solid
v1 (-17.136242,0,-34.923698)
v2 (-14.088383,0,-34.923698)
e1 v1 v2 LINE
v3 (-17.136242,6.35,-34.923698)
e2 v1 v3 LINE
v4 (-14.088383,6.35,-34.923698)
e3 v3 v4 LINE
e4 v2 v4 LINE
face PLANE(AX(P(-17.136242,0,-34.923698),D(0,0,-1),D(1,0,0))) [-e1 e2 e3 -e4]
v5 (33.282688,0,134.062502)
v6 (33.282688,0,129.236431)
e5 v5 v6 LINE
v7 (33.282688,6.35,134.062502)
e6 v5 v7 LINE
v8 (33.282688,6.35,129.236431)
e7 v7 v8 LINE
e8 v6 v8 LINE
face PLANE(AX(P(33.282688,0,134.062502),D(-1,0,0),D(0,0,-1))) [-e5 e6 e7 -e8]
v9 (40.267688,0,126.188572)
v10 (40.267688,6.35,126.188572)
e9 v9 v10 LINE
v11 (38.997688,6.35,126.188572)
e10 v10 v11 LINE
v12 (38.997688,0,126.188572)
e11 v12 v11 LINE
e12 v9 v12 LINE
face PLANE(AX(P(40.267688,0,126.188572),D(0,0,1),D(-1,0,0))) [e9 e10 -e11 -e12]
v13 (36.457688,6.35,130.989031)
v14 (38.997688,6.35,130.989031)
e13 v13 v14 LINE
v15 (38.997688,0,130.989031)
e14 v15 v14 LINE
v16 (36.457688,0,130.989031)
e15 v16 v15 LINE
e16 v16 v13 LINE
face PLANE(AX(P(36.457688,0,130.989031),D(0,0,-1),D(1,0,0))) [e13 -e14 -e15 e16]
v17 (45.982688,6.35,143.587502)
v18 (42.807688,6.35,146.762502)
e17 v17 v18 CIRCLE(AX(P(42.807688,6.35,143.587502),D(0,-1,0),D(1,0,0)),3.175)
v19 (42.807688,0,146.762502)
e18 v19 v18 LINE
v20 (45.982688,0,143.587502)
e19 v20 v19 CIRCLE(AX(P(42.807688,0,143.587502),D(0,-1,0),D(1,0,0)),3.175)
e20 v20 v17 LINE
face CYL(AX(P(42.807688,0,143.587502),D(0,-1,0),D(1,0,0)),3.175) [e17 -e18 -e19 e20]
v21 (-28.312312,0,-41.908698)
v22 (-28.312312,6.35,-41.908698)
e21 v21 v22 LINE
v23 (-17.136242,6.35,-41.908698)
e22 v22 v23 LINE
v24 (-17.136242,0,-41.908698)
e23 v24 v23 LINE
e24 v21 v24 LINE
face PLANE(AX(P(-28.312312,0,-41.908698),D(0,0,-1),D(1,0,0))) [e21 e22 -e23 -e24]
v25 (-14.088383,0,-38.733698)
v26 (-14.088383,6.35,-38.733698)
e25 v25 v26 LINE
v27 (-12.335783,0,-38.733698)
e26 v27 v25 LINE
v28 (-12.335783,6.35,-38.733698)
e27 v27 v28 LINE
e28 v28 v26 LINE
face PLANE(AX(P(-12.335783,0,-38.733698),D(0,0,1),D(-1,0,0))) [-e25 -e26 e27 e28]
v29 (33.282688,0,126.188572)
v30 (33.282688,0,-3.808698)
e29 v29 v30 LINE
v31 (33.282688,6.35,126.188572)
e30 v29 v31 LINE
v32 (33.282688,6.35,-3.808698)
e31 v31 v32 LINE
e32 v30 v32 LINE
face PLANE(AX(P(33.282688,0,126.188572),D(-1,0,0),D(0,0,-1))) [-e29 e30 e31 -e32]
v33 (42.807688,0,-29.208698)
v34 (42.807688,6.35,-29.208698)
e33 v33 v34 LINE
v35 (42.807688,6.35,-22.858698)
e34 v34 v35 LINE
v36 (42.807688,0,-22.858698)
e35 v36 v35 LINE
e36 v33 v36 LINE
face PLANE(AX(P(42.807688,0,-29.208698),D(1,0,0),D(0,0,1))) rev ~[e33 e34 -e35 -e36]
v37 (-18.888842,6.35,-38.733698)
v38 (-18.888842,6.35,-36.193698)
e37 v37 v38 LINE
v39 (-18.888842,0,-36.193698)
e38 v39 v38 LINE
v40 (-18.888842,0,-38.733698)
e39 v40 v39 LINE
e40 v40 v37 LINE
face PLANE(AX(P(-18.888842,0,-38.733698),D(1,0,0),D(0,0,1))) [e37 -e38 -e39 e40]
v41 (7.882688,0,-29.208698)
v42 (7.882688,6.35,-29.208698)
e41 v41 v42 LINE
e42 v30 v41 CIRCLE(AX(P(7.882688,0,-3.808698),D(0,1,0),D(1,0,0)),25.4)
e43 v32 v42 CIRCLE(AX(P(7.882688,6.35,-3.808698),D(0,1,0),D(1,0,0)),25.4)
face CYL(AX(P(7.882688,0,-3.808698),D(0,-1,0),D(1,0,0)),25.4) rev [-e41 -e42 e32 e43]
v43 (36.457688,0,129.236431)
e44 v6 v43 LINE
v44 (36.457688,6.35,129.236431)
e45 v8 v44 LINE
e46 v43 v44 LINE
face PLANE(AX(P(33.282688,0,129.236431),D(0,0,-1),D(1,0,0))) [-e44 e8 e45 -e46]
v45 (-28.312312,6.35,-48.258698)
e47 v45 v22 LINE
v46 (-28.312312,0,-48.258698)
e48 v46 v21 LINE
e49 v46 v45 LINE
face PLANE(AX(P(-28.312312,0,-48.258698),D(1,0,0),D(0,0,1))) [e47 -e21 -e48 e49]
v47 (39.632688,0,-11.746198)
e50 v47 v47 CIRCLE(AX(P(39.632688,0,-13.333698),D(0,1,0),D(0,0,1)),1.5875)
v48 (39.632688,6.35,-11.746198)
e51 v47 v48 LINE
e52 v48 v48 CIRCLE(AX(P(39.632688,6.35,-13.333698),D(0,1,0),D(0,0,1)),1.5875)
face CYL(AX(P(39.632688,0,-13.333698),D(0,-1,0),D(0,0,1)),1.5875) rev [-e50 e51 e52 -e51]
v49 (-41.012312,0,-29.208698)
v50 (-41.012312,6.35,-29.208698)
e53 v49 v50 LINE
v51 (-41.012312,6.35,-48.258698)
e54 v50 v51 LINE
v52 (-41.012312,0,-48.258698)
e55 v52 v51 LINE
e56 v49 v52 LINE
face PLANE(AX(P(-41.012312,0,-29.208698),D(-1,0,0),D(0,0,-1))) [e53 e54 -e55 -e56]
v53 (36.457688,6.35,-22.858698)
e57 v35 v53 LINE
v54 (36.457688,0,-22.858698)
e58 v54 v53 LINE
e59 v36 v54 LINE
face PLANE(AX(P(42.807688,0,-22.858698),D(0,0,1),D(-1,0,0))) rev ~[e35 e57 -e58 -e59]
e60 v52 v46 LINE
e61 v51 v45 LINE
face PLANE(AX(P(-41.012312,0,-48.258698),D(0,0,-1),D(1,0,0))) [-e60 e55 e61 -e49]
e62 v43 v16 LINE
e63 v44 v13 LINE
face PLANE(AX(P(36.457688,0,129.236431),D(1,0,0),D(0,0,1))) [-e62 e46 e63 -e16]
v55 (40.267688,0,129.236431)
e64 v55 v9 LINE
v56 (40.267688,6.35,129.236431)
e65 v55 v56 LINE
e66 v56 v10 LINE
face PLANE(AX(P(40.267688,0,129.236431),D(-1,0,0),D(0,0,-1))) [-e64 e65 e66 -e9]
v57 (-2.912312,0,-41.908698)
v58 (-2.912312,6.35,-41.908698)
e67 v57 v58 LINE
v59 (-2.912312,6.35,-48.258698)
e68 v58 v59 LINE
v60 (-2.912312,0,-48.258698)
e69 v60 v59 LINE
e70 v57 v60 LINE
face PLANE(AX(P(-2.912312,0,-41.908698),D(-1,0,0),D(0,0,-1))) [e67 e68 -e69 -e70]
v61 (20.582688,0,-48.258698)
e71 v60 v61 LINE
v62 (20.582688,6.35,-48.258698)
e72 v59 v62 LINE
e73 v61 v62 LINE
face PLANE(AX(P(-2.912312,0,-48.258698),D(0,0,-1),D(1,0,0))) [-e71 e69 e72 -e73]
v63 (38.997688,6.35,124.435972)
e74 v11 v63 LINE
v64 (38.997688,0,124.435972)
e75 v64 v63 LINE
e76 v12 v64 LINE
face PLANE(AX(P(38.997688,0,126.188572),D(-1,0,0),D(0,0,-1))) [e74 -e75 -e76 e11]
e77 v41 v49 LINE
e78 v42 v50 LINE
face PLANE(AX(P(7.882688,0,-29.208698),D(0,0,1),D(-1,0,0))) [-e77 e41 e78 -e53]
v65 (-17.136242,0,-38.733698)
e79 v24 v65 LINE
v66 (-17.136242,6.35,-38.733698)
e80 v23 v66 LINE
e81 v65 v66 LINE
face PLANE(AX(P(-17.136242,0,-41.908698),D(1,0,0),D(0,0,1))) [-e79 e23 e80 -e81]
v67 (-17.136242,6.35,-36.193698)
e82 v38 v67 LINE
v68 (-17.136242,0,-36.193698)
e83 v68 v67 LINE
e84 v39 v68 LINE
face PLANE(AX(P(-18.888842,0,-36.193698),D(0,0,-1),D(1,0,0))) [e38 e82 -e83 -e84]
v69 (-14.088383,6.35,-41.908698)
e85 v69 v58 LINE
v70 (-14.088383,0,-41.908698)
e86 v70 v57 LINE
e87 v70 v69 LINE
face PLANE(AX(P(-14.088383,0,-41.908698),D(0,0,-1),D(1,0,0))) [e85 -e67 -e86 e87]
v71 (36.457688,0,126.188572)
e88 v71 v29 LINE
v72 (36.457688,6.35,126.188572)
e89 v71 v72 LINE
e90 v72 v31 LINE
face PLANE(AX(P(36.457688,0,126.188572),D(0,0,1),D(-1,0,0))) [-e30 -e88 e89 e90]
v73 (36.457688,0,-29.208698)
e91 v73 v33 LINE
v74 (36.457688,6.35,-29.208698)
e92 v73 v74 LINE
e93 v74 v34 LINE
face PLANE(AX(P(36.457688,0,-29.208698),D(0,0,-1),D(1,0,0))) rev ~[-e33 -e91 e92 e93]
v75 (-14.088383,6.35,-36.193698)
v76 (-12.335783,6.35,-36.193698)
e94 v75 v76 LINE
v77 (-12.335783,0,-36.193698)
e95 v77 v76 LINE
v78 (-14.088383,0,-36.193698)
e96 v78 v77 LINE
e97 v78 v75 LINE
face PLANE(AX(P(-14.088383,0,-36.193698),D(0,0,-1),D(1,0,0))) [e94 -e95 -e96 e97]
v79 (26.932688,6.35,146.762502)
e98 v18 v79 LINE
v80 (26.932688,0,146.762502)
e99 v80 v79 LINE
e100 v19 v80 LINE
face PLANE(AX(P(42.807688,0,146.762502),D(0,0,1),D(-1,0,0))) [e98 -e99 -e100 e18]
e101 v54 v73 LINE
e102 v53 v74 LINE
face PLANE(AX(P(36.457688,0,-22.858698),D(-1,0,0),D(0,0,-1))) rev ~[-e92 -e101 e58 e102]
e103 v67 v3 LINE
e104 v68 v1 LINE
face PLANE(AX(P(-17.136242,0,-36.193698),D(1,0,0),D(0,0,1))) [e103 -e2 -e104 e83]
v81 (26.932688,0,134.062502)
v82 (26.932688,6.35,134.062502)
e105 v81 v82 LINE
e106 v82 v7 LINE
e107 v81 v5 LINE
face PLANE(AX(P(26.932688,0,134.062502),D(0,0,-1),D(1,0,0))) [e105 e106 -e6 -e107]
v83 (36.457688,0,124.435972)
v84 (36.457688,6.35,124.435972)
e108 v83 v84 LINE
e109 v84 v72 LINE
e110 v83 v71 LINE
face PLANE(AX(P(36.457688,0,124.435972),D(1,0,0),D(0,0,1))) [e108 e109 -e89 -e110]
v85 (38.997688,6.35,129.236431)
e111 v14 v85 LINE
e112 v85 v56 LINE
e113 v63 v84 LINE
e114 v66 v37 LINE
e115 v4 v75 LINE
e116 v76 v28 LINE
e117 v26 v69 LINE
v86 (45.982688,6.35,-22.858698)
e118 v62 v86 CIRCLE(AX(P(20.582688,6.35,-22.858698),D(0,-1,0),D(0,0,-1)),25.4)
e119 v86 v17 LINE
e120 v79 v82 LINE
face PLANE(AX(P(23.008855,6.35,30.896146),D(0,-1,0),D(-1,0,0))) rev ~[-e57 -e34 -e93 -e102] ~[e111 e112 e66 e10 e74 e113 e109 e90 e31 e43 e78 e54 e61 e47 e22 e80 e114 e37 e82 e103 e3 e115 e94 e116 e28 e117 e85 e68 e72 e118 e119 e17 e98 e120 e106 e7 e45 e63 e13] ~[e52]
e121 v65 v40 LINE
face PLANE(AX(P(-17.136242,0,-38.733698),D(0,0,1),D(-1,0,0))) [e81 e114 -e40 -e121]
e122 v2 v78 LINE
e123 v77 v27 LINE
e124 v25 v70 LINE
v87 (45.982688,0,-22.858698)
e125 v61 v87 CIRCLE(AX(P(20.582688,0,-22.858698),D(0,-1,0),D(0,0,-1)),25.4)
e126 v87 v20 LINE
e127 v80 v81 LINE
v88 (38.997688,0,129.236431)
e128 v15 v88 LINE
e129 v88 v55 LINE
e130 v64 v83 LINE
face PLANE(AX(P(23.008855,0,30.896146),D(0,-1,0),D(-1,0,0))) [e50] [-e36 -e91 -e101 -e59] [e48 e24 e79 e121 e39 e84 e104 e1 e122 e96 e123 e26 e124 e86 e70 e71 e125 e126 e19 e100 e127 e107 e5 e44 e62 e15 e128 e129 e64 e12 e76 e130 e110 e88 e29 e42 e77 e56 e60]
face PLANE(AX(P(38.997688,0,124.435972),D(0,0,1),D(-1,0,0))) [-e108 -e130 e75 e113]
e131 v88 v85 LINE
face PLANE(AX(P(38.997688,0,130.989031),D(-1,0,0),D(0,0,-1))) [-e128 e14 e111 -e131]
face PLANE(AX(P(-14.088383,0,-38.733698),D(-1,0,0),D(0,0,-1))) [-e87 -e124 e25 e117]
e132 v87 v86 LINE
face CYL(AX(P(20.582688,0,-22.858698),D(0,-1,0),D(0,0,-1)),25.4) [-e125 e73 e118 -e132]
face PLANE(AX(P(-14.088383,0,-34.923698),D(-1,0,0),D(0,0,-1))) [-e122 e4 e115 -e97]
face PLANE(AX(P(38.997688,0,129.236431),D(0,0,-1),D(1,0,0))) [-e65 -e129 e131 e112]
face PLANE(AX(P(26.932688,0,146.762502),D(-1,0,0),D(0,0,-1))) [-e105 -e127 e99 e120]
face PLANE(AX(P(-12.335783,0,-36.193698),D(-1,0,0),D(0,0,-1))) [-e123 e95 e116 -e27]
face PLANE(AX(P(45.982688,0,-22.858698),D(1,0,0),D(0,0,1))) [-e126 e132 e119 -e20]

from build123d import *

# Parameters (mm, degrees)
SKETCH1_R           = 1.5875
BOSS_EXTRUDE1_DEPTH = 6.35


with BuildPart() as part:
    # Sketch1 → Boss-Extrude1 (new body)
    with BuildSketch(Plane(origin=(0, 0, 0), x_dir=(1, 0, 0), z_dir=(0, 1, 0))):
        with BuildLine():
            Line((7.882687692, 29.208698466), (-41.012312308, 29.208698466))
            Line((-41.012312308, 29.208698466), (-41.012312308, 48.258698466))
            Line((-41.012312308, 48.258698466), (-28.312312308, 48.258698466))
            Line((-28.312312308, 48.258698466), (-28.312312308, 41.908698466))
            Line((-28.312312308, 41.908698466), (-17.136241986, 41.908698466))
            Line((-17.136241986, 41.908698466), (-17.136241986, 38.733698466))
            Line((-17.136241986, 38.733698466), (-18.888841986, 38.733698466))
            Line((-18.888841986, 38.733698466), (-18.888841986, 36.193698466))
            Line((-18.888841986, 36.193698466), (-17.136241986, 36.193698466))
            Line((-17.136241986, 36.193698466), (-17.136241986, 34.923698466))
            Line((-17.136241986, 34.923698466), (-14.08838263, 34.923698466))
            Line((-14.08838263, 34.923698466), (-14.08838263, 36.193698466))
            Line((-14.08838263, 36.193698466), (-12.33578263, 36.193698466))
            Line((-12.33578263, 36.193698466), (-12.33578263, 38.733698466))
            Line((-12.33578263, 38.733698466), (-14.08838263, 38.733698466))
            Line((-14.08838263, 38.733698466), (-14.08838263, 41.908698466))
            Line((-14.08838263, 41.908698466), (-2.912312308, 41.908698466))
            Line((-2.912312308, 41.908698466), (-2.912312308, 48.258698466))
            Line((-2.912312308, 48.258698466), (20.582687692, 48.258698466))
            ThreePointArc((20.582687692, 48.258698466), (38.543199934, 40.819210709), (45.982687692, 22.858698466))
            Line((45.982687692, 22.858698466), (45.982687692, -143.587501534))
            ThreePointArc((45.982687692, -143.587501534), (45.052751722, -145.832565564), (42.807687692, -146.762501534))
            Line((42.807687692, -146.762501534), (33.282687692, -146.762501534))
            Line((33.282687692, -146.762501534), (26.932687692, -146.762501534))
            Line((26.932687692, -146.762501534), (26.932687692, -134.062501534))
            Line((26.932687692, -134.062501534), (33.282687692, -134.062501534))
            Line((33.282687692, -134.062501534), (33.282687692, -129.236431212))
            Line((33.282687692, -129.236431212), (36.457687692, -129.236431212))
            Line((36.457687692, -129.236431212), (36.457687692, -130.989031212))
            Line((36.457687692, -130.989031212), (38.997687692, -130.989031212))
            Line((38.997687692, -130.989031212), (38.997687692, -129.236431212))
            Line((38.997687692, -129.236431212), (40.267687692, -129.236431212))
            Line((40.267687692, -129.236431212), (40.267687692, -126.188571855))
            Line((40.267687692, -126.188571855), (38.997687692, -126.188571855))
            Line((38.997687692, -126.188571855), (38.997687692, -124.435971855))
            Line((38.997687692, -124.435971855), (36.457687692, -124.435971855))
            Line((36.457687692, -124.435971855), (36.457687692, -126.188571855))
            Line((36.457687692, -126.188571855), (33.282687692, -126.188571855))
            Line((33.282687692, -126.188571855), (33.282687692, -121.362501534))
            Line((33.282687692, -121.362501534), (33.282687692, 3.808698466))
            ThreePointArc((33.282687692, 3.808698466), (25.843199934, 21.769210709), (7.882687692, 29.208698466))
        make_face()
        with Locations(Location((39.632687692, 13.333698466, 0), (0, 0, 270))):
            Circle(SKETCH1_R, mode=Mode.SUBTRACT)
        Polygon((39.632687692, 29.208698466), (42.807687692, 29.208698466), (42.807687692, 22.858698466), (36.457687692, 22.858698466), (36.457687692, 29.208698466), align=None, mode=Mode.SUBTRACT)
    extrude(amount=BOSS_EXTRUDE1_DEPTH)


solid = part.part
